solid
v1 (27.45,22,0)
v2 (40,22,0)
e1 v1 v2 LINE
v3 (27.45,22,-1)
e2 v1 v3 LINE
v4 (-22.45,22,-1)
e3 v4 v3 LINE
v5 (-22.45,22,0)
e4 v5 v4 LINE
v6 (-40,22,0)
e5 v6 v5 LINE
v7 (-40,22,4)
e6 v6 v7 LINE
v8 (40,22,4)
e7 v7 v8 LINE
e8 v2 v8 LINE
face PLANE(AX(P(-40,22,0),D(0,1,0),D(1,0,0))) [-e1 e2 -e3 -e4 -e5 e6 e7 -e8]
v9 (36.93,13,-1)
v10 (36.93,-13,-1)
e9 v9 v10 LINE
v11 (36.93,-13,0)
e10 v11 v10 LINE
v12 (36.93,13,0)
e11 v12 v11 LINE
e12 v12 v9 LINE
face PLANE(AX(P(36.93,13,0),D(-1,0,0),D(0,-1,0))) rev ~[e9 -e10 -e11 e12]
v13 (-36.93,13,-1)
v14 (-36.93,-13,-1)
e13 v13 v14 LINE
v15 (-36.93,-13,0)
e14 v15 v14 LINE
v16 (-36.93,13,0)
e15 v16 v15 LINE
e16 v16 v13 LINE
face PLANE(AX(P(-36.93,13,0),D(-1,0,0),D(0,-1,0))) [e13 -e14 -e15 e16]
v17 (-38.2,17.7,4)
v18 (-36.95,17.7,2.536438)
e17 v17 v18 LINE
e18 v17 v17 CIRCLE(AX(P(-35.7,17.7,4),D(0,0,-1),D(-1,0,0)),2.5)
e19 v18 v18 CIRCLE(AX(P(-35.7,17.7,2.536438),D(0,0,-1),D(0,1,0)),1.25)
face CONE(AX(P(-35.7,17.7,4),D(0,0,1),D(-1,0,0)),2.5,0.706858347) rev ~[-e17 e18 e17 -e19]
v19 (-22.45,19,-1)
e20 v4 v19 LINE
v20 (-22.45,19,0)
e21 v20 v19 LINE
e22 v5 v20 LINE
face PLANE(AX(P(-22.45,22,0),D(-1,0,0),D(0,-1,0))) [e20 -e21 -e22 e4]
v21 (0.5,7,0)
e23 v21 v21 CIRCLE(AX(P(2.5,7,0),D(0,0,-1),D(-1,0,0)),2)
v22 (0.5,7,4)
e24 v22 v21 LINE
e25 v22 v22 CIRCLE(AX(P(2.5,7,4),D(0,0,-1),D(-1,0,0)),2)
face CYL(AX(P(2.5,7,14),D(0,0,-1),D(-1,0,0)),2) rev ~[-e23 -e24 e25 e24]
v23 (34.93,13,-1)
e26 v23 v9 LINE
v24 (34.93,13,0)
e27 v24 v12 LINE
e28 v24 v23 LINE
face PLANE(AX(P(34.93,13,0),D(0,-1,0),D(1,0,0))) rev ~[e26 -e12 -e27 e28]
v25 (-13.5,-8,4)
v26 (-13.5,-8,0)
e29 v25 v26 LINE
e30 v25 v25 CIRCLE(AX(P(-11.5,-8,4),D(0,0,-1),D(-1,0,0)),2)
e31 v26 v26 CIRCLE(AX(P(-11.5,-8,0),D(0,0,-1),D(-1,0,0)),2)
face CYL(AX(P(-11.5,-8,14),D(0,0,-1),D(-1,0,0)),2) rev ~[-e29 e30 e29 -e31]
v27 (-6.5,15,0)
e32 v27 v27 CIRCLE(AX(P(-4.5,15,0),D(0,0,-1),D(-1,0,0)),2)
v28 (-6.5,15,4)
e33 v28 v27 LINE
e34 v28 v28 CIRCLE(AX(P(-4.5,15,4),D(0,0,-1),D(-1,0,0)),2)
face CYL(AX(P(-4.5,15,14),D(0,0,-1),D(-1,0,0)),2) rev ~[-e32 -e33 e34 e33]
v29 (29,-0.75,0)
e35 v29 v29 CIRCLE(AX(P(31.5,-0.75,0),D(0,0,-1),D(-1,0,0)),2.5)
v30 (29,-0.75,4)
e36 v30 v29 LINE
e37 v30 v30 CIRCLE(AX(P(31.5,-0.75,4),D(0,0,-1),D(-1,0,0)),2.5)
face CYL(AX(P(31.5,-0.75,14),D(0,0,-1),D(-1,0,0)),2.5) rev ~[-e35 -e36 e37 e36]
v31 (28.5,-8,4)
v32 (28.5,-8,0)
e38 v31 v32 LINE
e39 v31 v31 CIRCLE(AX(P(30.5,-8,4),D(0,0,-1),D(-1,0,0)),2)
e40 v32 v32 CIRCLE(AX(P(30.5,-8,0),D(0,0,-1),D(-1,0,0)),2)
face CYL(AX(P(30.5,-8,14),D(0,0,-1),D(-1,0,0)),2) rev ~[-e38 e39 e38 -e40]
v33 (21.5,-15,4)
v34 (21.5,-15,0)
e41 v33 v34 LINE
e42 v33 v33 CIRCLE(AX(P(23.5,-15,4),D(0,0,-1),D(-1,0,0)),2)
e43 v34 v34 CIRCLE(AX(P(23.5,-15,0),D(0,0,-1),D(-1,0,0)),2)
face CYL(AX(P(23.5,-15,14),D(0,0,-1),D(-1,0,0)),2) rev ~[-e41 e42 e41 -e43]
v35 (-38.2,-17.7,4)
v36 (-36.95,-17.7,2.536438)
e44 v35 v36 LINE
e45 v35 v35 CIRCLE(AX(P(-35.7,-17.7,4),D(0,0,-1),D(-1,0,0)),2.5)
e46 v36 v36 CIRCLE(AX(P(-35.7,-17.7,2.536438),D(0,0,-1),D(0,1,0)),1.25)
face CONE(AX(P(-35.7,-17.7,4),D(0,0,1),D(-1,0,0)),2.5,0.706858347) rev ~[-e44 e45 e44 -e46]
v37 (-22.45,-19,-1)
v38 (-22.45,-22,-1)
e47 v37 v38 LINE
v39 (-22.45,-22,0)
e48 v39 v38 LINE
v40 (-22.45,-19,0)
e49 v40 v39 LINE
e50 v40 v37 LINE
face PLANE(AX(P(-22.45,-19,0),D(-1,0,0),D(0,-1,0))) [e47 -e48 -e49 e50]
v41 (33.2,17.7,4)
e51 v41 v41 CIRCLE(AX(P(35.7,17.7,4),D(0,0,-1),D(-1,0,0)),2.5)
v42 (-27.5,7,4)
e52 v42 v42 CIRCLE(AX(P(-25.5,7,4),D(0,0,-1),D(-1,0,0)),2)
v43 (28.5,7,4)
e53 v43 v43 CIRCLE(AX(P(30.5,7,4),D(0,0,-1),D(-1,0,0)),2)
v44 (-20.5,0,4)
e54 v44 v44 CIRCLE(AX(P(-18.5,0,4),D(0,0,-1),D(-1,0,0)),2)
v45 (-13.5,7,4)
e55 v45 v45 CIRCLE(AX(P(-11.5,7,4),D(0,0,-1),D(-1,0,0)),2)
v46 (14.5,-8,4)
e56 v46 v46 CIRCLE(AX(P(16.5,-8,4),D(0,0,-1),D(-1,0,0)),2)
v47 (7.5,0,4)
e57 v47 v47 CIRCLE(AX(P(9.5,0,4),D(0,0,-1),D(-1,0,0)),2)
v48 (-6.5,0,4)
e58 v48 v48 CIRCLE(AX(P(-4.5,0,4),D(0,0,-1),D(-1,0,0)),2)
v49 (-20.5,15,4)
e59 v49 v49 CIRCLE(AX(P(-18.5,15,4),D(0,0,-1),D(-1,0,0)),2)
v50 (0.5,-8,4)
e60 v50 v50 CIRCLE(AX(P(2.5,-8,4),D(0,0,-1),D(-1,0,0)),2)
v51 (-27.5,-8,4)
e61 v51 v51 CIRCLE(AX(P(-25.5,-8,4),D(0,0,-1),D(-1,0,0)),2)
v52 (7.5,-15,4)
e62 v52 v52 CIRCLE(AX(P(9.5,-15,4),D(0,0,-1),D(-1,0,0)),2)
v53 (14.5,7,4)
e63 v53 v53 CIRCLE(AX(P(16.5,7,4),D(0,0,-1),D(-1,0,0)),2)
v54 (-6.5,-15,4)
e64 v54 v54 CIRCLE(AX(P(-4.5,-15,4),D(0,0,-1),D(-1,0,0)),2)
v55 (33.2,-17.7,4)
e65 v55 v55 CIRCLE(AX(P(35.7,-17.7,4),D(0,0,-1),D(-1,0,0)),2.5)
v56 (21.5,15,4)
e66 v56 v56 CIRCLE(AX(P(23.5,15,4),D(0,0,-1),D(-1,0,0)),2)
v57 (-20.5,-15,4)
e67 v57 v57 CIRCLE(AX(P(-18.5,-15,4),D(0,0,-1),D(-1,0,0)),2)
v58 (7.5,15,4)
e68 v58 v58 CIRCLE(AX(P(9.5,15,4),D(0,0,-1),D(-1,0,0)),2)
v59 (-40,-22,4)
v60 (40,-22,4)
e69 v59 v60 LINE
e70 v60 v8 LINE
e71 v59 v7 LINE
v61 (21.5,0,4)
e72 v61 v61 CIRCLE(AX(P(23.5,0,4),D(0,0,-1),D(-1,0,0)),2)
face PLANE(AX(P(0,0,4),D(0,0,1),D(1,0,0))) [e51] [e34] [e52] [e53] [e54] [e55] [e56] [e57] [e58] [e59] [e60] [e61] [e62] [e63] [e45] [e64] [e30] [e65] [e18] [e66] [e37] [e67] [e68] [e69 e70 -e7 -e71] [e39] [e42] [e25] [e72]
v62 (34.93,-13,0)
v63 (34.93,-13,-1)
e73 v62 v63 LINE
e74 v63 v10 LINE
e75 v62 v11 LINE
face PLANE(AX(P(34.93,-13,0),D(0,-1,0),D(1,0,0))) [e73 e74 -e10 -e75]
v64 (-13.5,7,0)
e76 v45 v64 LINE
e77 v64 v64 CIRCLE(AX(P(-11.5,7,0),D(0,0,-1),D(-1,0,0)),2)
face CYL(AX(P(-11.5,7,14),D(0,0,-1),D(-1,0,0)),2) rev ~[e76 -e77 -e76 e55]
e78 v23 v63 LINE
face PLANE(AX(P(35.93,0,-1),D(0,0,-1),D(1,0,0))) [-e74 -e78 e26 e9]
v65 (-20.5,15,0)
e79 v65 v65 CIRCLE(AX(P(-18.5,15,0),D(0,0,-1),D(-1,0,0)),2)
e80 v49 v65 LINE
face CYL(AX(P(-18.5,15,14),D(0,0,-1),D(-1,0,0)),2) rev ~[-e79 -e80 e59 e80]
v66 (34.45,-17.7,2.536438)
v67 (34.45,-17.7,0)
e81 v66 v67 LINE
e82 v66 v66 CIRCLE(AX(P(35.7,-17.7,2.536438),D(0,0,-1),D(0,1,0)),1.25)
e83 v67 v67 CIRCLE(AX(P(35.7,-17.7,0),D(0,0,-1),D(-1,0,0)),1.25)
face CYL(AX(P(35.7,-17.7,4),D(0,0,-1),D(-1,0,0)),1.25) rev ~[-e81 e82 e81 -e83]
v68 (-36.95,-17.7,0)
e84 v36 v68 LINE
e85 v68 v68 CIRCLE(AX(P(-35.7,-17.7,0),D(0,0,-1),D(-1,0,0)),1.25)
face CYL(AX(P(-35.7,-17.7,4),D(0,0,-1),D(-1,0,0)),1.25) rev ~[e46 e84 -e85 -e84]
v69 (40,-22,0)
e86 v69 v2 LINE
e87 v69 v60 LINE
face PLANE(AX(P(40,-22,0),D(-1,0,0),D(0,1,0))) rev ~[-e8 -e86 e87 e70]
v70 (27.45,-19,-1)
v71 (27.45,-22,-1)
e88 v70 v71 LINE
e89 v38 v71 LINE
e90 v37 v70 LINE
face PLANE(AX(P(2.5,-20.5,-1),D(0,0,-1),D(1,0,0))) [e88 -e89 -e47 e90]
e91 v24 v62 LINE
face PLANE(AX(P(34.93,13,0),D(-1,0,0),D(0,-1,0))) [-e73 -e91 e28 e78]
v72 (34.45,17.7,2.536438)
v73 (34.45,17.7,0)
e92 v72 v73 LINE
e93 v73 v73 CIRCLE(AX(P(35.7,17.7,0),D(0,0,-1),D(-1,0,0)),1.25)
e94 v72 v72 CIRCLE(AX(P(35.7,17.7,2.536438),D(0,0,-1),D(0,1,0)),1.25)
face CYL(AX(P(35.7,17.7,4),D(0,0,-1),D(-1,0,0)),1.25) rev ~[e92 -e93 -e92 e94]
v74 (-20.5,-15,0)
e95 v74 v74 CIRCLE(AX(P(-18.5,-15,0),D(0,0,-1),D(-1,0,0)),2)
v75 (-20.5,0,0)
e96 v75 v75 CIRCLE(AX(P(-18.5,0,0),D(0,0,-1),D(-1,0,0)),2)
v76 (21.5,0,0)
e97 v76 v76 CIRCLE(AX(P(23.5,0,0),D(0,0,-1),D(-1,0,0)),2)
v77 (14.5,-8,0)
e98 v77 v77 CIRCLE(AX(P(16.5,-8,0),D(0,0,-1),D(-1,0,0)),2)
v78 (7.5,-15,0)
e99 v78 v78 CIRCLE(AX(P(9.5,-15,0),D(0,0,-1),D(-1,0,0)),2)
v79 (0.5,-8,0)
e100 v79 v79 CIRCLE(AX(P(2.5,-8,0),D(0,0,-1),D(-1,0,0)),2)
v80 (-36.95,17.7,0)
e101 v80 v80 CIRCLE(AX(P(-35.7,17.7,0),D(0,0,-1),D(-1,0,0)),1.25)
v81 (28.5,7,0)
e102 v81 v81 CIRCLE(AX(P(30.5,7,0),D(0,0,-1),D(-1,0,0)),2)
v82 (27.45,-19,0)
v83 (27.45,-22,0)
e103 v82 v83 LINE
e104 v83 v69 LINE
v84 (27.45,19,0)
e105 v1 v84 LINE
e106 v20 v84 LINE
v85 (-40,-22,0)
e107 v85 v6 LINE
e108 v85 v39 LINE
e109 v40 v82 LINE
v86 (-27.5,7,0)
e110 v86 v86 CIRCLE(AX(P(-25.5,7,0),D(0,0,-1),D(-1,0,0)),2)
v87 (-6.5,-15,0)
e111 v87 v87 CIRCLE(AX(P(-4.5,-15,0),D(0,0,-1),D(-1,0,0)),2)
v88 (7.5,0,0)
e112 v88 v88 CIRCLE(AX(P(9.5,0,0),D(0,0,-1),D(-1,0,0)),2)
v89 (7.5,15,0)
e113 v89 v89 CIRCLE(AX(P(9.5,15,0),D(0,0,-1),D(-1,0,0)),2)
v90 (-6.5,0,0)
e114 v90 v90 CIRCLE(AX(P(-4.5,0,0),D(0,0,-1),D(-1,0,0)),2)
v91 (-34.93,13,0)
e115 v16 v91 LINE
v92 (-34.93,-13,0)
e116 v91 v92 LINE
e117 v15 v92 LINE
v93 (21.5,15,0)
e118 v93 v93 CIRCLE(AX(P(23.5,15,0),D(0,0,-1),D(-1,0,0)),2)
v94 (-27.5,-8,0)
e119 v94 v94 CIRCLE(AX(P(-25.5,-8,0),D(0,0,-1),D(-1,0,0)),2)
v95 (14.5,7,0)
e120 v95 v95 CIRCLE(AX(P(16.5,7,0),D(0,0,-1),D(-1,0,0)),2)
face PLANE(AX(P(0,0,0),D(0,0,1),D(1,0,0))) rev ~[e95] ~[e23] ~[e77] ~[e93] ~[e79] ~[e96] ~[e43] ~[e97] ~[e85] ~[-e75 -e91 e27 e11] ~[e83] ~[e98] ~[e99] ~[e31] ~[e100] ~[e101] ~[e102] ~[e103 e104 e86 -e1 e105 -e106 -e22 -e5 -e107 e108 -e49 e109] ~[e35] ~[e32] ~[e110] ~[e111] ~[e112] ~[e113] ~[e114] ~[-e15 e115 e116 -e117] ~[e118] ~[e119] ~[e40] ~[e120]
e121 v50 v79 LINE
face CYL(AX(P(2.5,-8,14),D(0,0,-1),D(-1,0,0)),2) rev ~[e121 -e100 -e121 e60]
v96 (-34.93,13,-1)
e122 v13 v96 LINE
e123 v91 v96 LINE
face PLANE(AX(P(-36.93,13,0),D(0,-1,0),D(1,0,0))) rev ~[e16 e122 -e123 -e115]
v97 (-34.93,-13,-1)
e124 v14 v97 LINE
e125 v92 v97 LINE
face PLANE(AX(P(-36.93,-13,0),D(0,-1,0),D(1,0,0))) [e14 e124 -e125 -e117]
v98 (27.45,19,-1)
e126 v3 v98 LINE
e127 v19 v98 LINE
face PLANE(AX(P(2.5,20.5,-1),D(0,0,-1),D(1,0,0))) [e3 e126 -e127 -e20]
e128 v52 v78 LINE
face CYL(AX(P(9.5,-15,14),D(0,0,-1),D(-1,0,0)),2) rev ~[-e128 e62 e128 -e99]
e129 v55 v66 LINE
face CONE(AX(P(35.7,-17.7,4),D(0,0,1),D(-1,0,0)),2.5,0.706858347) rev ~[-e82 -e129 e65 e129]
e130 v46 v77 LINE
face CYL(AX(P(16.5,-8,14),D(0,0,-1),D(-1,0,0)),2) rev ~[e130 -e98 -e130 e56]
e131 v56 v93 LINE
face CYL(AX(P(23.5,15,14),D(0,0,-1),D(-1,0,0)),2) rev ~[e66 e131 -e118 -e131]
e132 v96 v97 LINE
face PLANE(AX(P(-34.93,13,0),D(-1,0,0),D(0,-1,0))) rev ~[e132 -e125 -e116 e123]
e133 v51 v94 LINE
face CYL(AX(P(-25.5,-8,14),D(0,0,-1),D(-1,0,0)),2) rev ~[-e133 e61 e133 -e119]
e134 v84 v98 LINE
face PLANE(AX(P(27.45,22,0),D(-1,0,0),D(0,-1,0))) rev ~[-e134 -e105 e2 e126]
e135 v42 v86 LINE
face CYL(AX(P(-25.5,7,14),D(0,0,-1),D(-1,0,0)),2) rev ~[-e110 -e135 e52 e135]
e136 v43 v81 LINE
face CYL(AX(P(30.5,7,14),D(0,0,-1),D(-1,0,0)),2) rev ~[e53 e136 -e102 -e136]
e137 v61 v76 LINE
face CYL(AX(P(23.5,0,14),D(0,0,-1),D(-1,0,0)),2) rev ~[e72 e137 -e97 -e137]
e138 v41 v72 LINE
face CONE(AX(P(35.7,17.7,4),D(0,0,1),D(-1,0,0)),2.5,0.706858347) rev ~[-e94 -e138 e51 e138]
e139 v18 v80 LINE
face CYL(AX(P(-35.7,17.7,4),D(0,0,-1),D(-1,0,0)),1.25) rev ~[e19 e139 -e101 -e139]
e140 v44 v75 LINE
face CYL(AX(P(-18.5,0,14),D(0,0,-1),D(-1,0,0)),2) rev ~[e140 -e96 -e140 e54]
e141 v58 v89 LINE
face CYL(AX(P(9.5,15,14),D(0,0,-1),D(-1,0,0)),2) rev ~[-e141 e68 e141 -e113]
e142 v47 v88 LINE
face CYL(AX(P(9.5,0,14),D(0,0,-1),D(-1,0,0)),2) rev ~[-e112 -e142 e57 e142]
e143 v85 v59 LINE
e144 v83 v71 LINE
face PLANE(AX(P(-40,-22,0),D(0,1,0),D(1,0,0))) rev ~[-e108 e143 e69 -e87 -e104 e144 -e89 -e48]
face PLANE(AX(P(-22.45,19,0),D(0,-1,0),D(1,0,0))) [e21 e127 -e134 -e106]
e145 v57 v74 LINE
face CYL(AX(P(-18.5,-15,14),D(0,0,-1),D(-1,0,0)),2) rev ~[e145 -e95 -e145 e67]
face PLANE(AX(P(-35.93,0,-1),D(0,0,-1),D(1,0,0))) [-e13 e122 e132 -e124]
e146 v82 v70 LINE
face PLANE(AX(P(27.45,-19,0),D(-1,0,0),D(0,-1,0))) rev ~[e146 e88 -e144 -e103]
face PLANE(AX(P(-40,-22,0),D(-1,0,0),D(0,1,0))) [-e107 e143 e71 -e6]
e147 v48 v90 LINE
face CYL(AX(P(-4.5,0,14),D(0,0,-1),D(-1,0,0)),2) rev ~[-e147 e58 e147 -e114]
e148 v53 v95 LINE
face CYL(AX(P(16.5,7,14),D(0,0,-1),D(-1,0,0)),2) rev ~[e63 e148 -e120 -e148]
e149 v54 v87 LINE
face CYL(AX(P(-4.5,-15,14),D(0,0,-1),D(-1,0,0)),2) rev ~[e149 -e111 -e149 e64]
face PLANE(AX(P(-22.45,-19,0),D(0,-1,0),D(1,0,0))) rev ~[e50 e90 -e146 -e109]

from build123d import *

# Parameters (mm, degrees)
F0_W           = 80
F0_H           = 44
F1_DEPTH       = 4
F3_D           = 2.5
F3_DEPTH       = 10
F3_CSINK_D     = 5
F3_CSINK_ANGLE = 81
F5_D           = 4
F5_DEPTH       = 10
F7_D           = 5
F7_DEPTH       = 10
F8_W           = 49.9
F8_H           = 3
F8_W_2         = 2
F8_H_2         = 26
F9_DEPTH       = 1


with BuildPart() as f1:
    # F0 (on Top) → F1 (new body)
    with BuildSketch(Plane.XY):
        Rectangle(F0_W, F0_H)
    extrude(amount=F1_DEPTH)

    # F3
    with Locations(Plane.XY.offset(4)):
        with Locations((-35.7, -17.7), (-35.7, 17.7), (35.7, 17.7), (35.7, -17.7)):
            CounterSinkHole(F3_D / 2, F3_CSINK_D / 2, depth=F3_DEPTH, counter_sink_angle=F3_CSINK_ANGLE)

    # F5
    with Locations(Plane.XY.offset(4)):
        with Locations((-18.5, 15), (-4.5, 15), (9.5, 15), (23.5, 15), (-25.5, 7), (-11.5, 7), (2.5, 7), (16.5, 7), (30.5, 7), (-18.5, 0), (-4.5, 0), (9.5, 0), (23.5, 0), (-25.5, -8), (-11.5, -8), (2.5, -8), (16.5, -8), (30.5, -8), (-18.5, -15), (-4.5, -15), (9.5, -15), (23.5, -15)):
            Hole(F5_D / 2, depth=F5_DEPTH)

    # F7
    with Locations(Plane.XY.offset(4)):
        with Locations((31.5, -0.75)):
            Hole(F7_D / 2, depth=F7_DEPTH)

    # F8 (on face) → F9 (join)
    with BuildSketch(Plane(origin=(0, 0, 0), x_dir=(1, 0, 0), z_dir=(0, 0, -1))):
        with Locations((2.5, 20.5)):
            Rectangle(F8_W, F8_H)
        with Locations((2.5, -20.5)):
            Rectangle(F8_W, F8_H)
        with Locations((35.93, 0)):
            Rectangle(F8_W_2, F8_H_2)
        with Locations((-35.93, 0)):
            Rectangle(F8_W_2, F8_H_2)
    extrude(amount=F9_DEPTH)


solid = f1.part
